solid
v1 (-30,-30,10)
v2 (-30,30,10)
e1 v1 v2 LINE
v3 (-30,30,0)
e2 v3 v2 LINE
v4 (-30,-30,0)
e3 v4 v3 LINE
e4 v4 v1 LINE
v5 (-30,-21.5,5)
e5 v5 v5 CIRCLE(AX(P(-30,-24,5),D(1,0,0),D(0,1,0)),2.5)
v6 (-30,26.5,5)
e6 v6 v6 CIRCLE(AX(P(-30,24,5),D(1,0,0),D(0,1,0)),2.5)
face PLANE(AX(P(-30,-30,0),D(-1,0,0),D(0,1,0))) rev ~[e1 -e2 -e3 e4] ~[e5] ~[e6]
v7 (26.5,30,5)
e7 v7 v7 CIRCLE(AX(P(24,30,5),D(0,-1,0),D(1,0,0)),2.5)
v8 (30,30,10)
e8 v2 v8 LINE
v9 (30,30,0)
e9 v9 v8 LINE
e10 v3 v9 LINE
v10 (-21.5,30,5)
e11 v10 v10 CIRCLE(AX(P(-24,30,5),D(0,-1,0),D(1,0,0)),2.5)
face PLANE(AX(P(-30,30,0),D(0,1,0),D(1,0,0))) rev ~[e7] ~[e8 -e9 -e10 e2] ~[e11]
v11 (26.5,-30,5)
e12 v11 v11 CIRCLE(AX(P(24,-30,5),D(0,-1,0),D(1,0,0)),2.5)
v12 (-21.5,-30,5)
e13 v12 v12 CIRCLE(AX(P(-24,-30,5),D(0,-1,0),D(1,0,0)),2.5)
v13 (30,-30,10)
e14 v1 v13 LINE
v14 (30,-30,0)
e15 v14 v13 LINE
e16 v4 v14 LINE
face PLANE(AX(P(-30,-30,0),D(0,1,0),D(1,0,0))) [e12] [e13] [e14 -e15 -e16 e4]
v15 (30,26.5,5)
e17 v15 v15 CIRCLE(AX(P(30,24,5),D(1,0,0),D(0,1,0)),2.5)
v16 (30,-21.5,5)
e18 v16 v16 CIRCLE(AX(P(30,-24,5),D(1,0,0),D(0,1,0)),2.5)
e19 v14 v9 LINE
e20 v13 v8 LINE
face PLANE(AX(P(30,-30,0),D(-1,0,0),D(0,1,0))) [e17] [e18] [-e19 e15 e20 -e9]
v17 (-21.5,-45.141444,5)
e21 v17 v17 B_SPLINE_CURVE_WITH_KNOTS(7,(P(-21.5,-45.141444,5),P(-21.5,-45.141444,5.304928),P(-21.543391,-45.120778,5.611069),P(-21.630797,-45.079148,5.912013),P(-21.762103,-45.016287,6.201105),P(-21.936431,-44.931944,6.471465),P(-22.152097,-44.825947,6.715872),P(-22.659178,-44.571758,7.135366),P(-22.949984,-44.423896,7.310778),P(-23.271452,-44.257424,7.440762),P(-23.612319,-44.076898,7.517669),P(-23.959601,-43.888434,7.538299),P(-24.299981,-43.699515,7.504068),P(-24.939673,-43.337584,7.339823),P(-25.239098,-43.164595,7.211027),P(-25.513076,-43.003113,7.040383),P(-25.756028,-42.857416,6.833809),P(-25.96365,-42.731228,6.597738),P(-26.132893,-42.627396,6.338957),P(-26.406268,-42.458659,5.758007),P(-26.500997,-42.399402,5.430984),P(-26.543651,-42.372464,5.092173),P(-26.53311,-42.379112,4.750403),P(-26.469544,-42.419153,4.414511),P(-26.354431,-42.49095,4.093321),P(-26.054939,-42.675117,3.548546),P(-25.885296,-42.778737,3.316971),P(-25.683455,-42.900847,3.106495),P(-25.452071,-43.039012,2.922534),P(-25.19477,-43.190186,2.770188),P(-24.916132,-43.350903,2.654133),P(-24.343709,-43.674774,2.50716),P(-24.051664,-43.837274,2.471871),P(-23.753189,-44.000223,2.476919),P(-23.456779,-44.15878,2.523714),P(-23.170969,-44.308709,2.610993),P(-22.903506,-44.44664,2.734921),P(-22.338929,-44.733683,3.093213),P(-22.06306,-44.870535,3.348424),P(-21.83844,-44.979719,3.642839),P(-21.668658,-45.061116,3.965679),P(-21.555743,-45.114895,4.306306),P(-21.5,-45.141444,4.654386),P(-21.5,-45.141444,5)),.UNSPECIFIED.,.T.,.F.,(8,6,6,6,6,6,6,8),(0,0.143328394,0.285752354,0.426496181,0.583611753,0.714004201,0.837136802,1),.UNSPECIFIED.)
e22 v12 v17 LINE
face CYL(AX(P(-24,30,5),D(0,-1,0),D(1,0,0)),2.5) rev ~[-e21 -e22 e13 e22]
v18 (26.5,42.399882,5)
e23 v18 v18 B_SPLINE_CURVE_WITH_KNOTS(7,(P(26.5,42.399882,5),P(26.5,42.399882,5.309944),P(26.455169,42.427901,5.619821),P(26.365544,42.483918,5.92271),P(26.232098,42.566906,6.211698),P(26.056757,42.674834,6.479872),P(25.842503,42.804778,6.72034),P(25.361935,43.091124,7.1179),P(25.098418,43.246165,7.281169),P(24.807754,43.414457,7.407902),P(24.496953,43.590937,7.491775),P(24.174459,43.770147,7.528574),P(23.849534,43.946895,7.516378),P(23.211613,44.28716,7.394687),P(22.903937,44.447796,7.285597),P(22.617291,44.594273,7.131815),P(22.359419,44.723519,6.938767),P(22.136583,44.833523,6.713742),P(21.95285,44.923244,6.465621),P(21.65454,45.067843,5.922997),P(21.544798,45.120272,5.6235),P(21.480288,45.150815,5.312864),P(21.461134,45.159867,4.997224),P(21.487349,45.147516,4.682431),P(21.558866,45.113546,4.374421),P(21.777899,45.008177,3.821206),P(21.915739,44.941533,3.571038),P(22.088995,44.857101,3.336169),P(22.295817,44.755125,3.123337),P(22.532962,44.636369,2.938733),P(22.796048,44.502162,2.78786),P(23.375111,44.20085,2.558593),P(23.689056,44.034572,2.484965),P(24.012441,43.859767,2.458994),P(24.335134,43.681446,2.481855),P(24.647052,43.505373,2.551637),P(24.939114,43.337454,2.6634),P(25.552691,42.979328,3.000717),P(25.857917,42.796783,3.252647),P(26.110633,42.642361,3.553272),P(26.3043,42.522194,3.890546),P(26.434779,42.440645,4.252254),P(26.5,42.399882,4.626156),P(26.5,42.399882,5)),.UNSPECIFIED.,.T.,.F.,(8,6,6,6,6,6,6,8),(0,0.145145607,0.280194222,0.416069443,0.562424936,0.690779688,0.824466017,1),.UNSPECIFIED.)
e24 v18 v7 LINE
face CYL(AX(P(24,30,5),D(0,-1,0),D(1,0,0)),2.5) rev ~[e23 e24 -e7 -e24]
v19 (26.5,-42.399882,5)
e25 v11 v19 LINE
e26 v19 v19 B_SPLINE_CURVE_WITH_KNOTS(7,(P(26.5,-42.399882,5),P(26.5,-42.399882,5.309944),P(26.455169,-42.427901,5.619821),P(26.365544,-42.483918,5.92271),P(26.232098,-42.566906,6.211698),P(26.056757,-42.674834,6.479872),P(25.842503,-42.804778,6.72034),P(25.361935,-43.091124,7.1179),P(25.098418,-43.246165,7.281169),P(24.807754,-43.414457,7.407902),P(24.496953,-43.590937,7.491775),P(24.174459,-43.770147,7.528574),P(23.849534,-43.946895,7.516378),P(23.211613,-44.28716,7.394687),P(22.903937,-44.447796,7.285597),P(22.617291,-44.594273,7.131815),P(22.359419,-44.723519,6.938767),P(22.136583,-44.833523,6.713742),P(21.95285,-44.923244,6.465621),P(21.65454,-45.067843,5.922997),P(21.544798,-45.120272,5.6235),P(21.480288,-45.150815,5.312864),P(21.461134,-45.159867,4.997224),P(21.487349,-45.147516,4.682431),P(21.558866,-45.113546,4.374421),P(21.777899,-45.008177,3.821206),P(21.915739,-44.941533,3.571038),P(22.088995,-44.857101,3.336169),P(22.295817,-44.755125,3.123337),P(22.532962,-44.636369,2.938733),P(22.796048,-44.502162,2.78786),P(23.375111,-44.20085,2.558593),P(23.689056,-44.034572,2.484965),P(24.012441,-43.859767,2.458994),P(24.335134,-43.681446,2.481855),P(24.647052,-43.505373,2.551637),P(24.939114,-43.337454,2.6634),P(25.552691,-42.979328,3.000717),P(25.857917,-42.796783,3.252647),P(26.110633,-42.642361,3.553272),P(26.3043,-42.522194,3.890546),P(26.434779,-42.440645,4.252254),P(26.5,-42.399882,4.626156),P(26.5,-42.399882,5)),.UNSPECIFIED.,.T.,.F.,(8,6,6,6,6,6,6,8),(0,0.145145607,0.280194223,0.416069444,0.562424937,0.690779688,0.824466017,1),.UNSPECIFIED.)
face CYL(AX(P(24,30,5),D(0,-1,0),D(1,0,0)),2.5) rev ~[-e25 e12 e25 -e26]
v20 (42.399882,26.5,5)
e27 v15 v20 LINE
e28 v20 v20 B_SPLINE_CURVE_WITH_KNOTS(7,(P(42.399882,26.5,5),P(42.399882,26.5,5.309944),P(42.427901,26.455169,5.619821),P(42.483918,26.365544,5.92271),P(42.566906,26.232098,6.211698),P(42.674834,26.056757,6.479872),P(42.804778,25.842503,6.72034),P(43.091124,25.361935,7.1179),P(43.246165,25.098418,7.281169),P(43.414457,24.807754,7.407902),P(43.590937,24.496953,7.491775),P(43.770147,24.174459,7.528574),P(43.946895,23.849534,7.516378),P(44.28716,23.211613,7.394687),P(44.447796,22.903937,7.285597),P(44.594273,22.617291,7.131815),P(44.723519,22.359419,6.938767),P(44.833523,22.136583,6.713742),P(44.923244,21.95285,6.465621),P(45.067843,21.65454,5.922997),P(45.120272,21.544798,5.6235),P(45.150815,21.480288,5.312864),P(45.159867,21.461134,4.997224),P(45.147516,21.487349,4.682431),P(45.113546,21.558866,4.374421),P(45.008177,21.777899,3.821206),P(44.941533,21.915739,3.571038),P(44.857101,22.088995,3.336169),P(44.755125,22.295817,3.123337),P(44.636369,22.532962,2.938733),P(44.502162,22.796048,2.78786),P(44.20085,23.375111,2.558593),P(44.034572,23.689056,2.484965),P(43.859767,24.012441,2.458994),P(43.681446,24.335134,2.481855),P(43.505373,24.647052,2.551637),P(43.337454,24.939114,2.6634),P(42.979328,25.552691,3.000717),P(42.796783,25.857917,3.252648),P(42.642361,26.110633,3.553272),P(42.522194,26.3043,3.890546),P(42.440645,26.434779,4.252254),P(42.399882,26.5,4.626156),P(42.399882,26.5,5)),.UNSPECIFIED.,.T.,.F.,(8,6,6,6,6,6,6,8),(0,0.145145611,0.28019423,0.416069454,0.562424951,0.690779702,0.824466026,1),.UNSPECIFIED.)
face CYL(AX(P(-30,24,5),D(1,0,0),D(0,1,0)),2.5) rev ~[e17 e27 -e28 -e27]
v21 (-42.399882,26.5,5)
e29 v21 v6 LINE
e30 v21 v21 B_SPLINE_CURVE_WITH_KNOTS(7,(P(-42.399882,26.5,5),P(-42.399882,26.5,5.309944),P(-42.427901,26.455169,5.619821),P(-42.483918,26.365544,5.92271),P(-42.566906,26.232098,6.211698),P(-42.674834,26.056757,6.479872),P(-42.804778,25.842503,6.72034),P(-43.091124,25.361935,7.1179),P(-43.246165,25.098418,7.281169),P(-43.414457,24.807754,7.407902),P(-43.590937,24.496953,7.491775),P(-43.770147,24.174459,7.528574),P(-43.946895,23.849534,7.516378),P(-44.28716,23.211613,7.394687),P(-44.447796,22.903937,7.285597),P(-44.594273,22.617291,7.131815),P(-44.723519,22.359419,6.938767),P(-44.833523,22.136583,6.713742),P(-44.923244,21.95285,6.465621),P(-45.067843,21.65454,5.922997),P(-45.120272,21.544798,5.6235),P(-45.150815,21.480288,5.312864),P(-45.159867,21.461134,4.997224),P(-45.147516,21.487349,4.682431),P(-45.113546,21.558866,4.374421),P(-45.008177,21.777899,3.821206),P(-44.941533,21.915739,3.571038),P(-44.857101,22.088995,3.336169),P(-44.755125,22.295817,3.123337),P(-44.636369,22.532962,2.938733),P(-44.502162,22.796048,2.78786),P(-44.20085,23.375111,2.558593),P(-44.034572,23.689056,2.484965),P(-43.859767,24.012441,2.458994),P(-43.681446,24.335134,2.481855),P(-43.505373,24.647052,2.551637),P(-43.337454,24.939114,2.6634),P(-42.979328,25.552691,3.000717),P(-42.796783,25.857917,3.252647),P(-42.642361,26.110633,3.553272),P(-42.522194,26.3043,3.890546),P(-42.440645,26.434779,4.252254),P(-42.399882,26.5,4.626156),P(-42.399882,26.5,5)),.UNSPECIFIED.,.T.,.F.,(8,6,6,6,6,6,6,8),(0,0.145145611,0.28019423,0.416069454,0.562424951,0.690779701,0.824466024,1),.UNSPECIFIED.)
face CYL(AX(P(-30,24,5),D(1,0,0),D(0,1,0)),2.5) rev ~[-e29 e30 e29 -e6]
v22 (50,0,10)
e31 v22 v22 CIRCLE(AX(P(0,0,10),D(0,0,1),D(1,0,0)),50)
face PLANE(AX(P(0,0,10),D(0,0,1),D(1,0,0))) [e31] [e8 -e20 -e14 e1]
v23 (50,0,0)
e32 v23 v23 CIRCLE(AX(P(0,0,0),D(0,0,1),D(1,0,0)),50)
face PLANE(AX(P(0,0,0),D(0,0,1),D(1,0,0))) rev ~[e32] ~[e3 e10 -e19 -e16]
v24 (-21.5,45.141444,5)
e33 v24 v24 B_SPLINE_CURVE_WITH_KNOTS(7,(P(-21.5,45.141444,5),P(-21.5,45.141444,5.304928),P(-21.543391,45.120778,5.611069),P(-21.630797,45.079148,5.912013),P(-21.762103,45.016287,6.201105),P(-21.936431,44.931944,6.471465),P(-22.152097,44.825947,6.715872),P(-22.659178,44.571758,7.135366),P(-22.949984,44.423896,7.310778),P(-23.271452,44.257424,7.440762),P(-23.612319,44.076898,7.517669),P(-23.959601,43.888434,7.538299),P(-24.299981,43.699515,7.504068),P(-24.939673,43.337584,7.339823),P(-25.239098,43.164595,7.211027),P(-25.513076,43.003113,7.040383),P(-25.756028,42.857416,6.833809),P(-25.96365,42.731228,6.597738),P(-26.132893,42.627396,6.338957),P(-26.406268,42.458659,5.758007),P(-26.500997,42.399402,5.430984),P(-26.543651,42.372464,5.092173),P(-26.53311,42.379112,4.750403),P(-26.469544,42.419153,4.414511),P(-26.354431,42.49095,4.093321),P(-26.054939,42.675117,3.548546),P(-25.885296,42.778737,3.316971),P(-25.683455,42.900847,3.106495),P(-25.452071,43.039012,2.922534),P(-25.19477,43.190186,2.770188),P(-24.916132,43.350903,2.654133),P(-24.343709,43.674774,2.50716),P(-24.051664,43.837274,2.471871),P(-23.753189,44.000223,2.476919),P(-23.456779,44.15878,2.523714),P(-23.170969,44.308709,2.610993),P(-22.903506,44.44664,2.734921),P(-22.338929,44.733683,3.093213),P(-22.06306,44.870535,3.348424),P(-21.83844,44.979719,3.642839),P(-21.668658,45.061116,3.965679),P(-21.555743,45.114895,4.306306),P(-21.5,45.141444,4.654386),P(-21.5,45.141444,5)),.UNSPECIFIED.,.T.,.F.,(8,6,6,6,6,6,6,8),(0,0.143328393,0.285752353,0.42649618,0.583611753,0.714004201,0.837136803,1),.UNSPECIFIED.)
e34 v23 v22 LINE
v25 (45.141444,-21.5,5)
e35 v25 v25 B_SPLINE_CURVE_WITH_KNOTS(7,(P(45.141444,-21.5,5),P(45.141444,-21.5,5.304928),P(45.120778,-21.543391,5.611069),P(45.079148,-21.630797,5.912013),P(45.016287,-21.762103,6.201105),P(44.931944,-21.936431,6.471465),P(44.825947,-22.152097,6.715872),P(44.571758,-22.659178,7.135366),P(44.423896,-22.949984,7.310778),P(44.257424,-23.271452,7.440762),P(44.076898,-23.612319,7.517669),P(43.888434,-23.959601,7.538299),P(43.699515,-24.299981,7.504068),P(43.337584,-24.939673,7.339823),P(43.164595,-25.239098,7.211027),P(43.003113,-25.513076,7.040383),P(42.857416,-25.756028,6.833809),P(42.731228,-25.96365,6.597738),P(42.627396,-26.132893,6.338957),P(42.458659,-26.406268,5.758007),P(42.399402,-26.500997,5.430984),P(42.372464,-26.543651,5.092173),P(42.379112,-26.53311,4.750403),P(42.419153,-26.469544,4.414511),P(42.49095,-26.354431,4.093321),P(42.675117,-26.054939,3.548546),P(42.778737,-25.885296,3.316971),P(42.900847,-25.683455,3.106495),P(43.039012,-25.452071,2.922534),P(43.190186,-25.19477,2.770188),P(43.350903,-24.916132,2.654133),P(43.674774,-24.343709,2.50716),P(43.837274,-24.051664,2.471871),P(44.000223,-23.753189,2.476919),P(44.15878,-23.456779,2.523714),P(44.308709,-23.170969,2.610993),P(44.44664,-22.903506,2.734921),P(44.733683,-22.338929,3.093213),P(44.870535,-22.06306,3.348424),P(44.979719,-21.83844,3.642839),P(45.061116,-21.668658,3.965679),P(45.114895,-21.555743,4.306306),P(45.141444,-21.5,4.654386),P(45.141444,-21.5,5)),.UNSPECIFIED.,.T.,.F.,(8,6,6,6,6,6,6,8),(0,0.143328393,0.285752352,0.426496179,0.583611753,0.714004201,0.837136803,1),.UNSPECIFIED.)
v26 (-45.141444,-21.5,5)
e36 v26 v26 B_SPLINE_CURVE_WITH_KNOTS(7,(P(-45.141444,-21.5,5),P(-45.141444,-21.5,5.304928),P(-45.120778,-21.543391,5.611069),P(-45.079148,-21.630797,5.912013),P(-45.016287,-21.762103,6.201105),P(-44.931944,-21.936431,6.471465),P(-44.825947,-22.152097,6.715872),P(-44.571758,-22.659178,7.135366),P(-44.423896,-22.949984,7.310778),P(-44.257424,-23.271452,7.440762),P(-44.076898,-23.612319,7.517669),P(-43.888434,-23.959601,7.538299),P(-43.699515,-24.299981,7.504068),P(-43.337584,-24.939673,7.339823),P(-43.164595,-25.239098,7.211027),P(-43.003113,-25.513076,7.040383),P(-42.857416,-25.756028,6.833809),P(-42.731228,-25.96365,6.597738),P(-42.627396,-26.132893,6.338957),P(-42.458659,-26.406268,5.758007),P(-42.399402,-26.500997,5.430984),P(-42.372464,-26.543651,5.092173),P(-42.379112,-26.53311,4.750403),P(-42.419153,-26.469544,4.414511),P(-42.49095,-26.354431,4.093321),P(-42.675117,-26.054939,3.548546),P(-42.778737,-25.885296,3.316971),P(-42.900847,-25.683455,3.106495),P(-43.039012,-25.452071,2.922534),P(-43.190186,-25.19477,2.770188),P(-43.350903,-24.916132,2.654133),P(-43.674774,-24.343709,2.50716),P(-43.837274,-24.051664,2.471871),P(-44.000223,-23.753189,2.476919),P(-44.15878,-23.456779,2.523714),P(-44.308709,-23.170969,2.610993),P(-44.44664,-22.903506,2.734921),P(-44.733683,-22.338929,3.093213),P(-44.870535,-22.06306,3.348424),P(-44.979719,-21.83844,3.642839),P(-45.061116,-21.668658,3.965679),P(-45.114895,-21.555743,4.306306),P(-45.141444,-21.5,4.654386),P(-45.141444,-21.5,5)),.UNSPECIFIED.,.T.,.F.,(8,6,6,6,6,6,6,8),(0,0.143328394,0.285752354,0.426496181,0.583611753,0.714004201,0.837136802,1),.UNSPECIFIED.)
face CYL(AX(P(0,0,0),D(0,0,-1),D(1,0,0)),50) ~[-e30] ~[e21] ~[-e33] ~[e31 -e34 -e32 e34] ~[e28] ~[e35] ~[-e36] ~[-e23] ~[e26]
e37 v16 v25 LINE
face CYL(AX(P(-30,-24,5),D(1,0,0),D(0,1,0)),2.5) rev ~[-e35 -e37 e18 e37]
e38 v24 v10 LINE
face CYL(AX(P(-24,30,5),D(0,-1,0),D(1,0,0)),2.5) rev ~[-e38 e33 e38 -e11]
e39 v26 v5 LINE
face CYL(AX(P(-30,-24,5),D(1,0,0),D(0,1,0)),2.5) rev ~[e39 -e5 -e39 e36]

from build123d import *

# Parameters (mm, degrees)
F1_R     = 50
F1_W     = 60
F1_H     = 60
F2_DEPTH = 10
F3_R     = 2.5
F4_DEPTH = 145
F6_COUNT = 2
F6_ANGLE = 90


with BuildPart() as f2:
    # F1 (on Top) → F2 (new body)
    with BuildSketch(Plane.XY):
        Circle(F1_R)
        Rectangle(F1_W, F1_H, mode=Mode.SUBTRACT)
    extrude(amount=F2_DEPTH)


with BuildPart() as f4:
    # F3 (on face) → F4 (new body, symmetric)
    with BuildSketch(Plane.XZ.offset(-30)):
        with Locations((-24, 5)):
            Circle(F3_R)
    extrude(amount=F4_DEPTH, both=True)


with BuildPart() as f4b:
    # F3 (on face) → F4, piece 2 (new body, symmetric)
    with BuildSketch(Plane.XZ.offset(-30)):
        with Locations((24, 5)):
            Circle(F3_R)
    extrude(amount=F4_DEPTH, both=True)


with BuildPart() as f6_1:
    # F6: instance of F4
    add(f4.part.rotate(Axis((0, 0, 22.8316206485), (0, 0, 1)), 1 * F6_ANGLE / (F6_COUNT - 1)))


with BuildPart() as f6_2:
    # F6: instance of F4b
    add(f4b.part.rotate(Axis((0, 0, 22.8316206485), (0, 0, 1)), 1 * F6_ANGLE / (F6_COUNT - 1)))


with BuildPart() as f2_1:
    add(f2.part)

    # F7: cut F4, F6_2, F4b, F6_1
    add(f4.part, mode=Mode.SUBTRACT)
    add(f6_2.part, mode=Mode.SUBTRACT)
    add(f4b.part, mode=Mode.SUBTRACT)
    add(f6_1.part, mode=Mode.SUBTRACT)


solid = f2_1.part
